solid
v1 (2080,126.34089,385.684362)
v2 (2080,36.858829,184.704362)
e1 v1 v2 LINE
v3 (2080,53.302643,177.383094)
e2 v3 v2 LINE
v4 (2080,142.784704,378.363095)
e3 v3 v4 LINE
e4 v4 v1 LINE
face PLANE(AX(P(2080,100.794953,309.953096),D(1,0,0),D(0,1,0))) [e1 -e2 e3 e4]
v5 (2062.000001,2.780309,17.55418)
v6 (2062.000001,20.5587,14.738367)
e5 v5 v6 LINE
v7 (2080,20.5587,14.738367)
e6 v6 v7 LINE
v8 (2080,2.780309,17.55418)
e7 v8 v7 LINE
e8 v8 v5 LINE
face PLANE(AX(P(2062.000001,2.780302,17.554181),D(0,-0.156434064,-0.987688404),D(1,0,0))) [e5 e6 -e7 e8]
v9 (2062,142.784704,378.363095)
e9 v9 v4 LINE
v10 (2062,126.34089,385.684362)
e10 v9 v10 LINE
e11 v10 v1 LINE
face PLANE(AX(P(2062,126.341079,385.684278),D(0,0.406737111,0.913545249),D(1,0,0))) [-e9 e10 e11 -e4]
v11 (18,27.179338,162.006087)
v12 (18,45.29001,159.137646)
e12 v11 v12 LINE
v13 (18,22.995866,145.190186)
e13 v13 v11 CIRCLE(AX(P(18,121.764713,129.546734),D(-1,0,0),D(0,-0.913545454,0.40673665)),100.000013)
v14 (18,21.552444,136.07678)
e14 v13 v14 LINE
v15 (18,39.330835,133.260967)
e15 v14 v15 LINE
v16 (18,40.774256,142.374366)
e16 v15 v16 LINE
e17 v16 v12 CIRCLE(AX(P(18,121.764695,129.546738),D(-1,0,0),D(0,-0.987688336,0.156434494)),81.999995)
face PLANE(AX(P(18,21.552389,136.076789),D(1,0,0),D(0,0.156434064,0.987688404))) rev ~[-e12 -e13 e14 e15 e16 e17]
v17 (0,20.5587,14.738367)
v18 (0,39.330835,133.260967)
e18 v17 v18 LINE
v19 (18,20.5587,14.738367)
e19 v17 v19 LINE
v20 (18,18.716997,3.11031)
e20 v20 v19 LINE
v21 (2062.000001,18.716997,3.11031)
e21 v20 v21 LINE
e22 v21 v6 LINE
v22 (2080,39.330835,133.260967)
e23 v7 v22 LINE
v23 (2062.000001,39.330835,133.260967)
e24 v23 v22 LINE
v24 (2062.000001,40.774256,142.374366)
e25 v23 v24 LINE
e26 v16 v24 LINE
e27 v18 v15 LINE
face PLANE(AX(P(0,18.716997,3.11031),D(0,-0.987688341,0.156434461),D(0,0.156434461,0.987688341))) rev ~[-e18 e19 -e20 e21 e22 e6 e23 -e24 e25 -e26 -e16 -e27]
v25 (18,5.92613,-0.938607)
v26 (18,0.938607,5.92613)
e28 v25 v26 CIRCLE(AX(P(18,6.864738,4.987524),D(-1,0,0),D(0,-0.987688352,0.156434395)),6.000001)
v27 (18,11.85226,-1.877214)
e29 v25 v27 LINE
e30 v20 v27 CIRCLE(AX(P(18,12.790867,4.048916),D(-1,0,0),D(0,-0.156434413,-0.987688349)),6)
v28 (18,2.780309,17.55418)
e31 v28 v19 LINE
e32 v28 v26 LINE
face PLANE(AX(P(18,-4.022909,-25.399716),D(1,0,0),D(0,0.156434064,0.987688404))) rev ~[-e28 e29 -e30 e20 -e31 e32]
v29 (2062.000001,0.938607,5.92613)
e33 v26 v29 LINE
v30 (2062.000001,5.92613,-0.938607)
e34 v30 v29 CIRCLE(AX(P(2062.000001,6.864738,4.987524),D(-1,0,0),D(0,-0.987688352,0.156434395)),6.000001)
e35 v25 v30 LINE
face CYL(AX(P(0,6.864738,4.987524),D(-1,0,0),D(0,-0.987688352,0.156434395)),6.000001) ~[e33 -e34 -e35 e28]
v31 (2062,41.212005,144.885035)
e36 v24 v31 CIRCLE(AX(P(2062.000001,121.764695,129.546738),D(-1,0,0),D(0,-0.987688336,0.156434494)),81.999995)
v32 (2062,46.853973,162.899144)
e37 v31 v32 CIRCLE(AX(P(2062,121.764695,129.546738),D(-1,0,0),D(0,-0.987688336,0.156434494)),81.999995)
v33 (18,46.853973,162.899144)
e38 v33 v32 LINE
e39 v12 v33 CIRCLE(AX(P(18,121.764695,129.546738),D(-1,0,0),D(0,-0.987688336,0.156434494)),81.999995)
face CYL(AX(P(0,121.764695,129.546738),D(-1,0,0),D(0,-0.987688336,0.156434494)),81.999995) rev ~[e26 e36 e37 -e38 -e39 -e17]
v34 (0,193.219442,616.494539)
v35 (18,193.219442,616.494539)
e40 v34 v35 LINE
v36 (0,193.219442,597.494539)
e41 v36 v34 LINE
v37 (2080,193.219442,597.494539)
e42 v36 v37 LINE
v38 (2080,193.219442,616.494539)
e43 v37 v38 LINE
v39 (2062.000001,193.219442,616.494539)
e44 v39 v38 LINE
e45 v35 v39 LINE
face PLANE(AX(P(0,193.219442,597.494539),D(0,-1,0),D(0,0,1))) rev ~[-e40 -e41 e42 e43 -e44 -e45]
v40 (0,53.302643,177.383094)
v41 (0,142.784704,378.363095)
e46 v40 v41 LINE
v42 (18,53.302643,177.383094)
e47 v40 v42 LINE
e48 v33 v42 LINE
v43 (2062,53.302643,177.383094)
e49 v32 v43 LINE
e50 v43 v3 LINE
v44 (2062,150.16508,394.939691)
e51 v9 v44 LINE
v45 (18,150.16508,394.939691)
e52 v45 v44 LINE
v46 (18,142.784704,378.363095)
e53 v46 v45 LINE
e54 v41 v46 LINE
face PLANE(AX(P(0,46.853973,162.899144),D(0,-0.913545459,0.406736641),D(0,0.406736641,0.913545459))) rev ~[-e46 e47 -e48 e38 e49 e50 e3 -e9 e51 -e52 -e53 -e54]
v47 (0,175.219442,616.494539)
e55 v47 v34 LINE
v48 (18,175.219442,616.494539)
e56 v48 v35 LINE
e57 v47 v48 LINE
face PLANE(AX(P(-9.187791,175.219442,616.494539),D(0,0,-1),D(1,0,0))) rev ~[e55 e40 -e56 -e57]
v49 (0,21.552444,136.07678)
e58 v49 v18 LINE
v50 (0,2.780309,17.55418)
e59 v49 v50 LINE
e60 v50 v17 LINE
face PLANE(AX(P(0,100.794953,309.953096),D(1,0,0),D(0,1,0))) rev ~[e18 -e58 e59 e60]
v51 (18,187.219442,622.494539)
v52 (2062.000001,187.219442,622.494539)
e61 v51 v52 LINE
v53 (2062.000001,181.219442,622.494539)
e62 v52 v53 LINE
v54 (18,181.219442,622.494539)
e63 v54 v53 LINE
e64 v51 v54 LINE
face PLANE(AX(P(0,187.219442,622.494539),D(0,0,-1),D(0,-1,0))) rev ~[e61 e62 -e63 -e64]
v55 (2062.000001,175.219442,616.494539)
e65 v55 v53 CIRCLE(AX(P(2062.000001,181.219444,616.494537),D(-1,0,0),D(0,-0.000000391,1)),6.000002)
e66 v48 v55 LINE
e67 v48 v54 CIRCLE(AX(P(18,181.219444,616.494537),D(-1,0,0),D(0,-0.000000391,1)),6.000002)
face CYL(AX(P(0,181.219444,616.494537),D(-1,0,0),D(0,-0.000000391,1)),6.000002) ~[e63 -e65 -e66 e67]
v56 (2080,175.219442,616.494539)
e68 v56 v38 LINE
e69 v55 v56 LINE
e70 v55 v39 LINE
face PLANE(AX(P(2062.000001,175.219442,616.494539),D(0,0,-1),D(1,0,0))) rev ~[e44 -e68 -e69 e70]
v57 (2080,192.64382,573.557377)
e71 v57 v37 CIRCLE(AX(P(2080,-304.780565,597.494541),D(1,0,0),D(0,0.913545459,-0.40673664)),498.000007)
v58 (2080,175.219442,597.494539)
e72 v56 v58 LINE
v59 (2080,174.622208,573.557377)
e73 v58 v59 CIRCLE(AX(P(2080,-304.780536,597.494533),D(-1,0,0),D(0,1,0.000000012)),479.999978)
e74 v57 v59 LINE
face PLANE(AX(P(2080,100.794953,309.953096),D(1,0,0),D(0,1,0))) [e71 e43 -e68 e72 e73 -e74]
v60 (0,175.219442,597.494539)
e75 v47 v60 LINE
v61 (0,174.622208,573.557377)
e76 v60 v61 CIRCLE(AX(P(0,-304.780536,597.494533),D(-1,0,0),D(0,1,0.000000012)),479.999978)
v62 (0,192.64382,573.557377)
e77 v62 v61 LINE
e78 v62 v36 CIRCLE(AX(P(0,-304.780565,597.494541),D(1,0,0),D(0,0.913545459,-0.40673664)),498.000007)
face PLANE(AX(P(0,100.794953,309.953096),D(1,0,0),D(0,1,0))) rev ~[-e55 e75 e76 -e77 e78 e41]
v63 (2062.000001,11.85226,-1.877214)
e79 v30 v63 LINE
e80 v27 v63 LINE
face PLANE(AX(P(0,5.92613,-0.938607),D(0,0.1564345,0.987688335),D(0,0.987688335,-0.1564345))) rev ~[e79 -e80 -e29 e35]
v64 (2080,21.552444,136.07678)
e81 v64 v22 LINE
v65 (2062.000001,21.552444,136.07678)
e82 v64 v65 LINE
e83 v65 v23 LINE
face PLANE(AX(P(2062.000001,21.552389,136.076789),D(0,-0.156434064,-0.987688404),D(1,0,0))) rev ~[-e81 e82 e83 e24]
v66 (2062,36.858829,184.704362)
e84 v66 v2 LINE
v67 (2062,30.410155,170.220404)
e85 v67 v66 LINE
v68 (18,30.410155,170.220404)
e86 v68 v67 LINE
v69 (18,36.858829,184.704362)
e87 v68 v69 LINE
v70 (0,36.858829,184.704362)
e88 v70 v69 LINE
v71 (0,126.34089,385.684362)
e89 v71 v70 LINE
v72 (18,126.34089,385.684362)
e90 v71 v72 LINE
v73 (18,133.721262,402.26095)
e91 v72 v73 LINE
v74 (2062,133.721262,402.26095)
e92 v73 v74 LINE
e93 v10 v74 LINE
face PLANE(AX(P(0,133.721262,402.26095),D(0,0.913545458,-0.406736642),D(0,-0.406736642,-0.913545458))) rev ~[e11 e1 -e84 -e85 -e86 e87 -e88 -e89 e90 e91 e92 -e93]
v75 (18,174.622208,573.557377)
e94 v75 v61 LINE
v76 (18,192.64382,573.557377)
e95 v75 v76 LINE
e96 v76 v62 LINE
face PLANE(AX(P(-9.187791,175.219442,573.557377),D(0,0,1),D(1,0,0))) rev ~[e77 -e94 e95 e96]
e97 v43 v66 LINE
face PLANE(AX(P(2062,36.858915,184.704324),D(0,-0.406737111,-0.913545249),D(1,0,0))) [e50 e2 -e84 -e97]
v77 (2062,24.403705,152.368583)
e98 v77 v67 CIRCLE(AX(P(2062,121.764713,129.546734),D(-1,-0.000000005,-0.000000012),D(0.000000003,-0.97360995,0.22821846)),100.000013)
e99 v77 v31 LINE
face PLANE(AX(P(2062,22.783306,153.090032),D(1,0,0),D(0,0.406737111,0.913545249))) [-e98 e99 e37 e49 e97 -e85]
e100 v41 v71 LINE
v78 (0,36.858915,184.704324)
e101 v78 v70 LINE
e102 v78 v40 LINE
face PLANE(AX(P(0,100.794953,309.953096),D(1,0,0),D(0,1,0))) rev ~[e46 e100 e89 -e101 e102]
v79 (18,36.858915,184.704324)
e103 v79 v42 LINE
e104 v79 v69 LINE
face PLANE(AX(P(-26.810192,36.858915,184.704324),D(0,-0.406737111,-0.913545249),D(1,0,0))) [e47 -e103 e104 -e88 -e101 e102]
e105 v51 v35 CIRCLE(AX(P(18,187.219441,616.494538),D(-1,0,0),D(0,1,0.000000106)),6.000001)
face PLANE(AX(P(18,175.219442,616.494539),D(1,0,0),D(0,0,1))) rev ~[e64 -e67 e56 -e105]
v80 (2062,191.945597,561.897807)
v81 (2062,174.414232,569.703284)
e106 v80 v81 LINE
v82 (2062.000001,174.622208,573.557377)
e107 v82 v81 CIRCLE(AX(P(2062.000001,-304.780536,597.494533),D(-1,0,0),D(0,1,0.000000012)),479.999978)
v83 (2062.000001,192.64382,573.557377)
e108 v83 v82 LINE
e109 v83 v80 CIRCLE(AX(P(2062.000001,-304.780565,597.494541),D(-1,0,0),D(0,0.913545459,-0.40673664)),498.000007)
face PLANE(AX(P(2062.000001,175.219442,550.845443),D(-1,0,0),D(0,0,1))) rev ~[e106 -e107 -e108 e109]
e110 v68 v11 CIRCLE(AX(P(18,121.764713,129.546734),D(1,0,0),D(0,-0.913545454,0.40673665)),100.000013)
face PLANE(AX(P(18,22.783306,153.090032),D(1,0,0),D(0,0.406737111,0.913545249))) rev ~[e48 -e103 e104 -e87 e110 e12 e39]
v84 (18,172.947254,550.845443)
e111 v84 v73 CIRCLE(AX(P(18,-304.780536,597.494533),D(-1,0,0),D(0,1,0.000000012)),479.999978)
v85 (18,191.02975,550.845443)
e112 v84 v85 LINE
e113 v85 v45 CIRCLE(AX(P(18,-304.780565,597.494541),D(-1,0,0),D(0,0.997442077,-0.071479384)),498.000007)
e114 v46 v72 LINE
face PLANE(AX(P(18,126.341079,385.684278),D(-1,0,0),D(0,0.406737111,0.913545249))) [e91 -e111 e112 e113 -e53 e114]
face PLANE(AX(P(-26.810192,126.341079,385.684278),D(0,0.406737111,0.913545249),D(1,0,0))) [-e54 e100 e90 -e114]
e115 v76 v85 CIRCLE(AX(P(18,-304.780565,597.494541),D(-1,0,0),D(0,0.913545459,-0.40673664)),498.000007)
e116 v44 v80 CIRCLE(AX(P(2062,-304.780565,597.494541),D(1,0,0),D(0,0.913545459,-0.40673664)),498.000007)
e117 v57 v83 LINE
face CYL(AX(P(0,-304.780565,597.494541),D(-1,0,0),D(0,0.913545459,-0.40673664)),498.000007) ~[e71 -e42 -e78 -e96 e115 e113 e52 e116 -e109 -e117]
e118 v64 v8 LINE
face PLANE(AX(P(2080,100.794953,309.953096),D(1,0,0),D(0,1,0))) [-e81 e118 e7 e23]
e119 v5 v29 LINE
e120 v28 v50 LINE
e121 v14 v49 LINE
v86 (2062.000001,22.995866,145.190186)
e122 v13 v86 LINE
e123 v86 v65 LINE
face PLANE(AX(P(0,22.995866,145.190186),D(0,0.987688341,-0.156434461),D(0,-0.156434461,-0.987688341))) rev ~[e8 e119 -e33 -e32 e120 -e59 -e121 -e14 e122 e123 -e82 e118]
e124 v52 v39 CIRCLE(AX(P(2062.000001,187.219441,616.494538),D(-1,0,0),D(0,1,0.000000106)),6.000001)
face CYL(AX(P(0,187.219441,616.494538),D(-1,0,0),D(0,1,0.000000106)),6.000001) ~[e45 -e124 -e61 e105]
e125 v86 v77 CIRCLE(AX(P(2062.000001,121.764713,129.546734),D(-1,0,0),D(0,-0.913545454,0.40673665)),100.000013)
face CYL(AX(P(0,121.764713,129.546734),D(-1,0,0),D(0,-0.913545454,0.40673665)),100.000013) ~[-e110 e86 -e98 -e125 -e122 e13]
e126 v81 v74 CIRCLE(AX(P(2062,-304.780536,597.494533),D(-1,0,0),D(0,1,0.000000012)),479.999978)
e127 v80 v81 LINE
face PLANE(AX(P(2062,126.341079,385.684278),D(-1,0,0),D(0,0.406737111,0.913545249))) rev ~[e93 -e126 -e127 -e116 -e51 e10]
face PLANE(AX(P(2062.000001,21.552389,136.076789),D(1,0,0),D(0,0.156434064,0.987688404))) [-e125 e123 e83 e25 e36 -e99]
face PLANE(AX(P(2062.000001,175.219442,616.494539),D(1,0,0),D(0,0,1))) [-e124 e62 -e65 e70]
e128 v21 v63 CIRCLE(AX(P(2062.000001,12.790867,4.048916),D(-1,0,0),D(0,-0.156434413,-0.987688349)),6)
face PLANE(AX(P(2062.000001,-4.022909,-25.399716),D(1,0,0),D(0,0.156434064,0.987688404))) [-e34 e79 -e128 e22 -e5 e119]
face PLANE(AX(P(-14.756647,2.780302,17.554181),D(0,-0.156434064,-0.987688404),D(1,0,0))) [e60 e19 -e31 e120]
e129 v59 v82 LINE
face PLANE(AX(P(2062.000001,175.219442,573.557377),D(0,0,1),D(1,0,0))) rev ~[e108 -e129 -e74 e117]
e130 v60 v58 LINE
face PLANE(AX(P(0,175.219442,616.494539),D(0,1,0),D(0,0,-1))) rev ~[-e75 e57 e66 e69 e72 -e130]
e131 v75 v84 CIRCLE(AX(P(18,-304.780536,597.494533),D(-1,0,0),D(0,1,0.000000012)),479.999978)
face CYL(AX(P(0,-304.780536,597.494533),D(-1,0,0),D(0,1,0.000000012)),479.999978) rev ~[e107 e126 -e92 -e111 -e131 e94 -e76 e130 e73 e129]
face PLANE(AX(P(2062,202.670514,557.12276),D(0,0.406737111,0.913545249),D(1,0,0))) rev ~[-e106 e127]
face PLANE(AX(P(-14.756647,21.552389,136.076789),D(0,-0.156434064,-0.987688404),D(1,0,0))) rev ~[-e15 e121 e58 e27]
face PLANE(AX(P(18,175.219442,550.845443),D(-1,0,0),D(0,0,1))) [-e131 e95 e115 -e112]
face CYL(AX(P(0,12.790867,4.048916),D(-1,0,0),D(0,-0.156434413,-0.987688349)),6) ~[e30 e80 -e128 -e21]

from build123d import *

# Parameters (mm, degrees)
F1_DEPTH      = 2080
F2_W          = 32.756647
F2_H          = 43.48932
F2_H_2        = 26.490313
F3_DEPTH      = 25
F4_W          = 44.810192
F4_H          = 34.606159
F4_H_2        = 187.662824
F5_DEPTH      = 88.72009
F5_DEPTH_BACK = 90.01171
F6_W          = 27.187791
F6_H          = 22.711933
F6_H_2        = 20.19423
F7_DEPTH      = 25
F8_DEPTH      = 29.81951


with BuildPart() as f1:
    # F0 (on Right) → F1 (new body)
    with BuildSketch(Plane.YZ):
        with BuildLine():
            Line((22.995866, 145.190186), (0.938607, 5.92613))
            ThreePointArc((0.938607, 5.92613), (2.010635, 1.460812), (5.92613, -0.938607))
            Line((5.92613, -0.938607), (11.85226, -1.877214))
            ThreePointArc((11.85226, -1.877214), (16.317578, -0.805186), (18.716997, 3.11031))
            Line((18.716997, 3.11031), (40.774256, 142.374366))
            ThreePointArc((40.774256, 142.374366), (43.141482, 152.835998), (46.853973, 162.899144))
            Line((46.853973, 162.899144), (150.16508, 394.939691))
            ThreePointArc((150.16508, 394.939691), (182.336947, 493.954517), (193.219442, 597.494539))
            Line((193.219442, 597.494539), (193.219442, 616.494539))
            ThreePointArc((193.219442, 616.494539), (191.462083, 620.737179), (187.219442, 622.494539))
            Line((187.219442, 622.494539), (181.219442, 622.494539))
            ThreePointArc((181.219442, 622.494539), (176.976802, 620.737179), (175.219442, 616.494539))
            Line((175.219442, 616.494539), (175.219442, 597.494539))
            ThreePointArc((175.219442, 597.494539), (164.730291, 497.696927), (133.721262, 402.26095))
            Line((133.721262, 402.26095), (30.410155, 170.220404))
            ThreePointArc((30.410155, 170.220404), (25.882727, 157.948274), (22.995866, 145.190186))
        make_face()
    extrude(amount=F1_DEPTH)

    # F2 (on face) → F3 (cut)
    with BuildSketch(Plane(origin=(0, 0, 0), x_dir=(1, 0, 0), z_dir=(0, -0.987688, 0.156434))):
        with Locations((1.621677, -3.971665)):
            Rectangle(F2_W, F2_H)
        with Locations((1.621677, 151.018151)):
            Rectangle(F2_W, F2_H_2)
        with Locations((2078.378324, 151.018151)):
            Rectangle(F2_W, F2_H_2)
        with Locations((2078.378324, -3.971665)):
            Rectangle(F2_W, F2_H)
    extrude(amount=-F3_DEPTH, mode=Mode.SUBTRACT)

    # F4 (on face) → F5 (cut, two sides)
    with BuildSketch(Plane(origin=(0, -37.869946, 16.860786), x_dir=(1, 0, 0), z_dir=(0, -0.913545, 0.406737))) as f5_sk:
        with Locations((-4.405096, 166.424588)):
            Rectangle(F4_W, F4_H)
        with Locations((-4.405096, 497.559079)):
            Rectangle(F4_W, F4_H_2)
        with Locations((2084.405096, 497.559079)):
            Rectangle(F4_W, F4_H_2)
        with Locations((2084.405096, 166.424588)):
            Rectangle(F4_W, F4_H)
    extrude(amount=F5_DEPTH, mode=Mode.SUBTRACT)
    extrude(f5_sk.sketch, amount=-F5_DEPTH_BACK, mode=Mode.SUBTRACT)

    # F6 (on face) → F7 (cut)
    with BuildSketch(Plane.XZ.offset(-175.219442)):
        with Locations((4.406105, 562.20141)):
            Rectangle(F6_W, F6_H)
        with Locations((4.406105, 626.591654)):
            Rectangle(F6_W, F6_H_2)
        with Locations((2075.593896, 562.20141)):
            Rectangle(F6_W, F6_H)
        with Locations((2075.593896, 626.591654)):
            Rectangle(F6_W, F6_H_2)
    extrude(amount=-F7_DEPTH, mode=Mode.SUBTRACT)

    # F6 (on face) → F8 (cut)
    with BuildSketch(Plane.XZ.offset(-175.219442)):
        with Locations((4.406105, 562.20141)):
            Rectangle(F6_W, F6_H)
        with Locations((4.406105, 626.591654)):
            Rectangle(F6_W, F6_H_2)
        with Locations((2075.593896, 562.20141)):
            Rectangle(F6_W, F6_H)
        with Locations((2075.593896, 626.591654)):
            Rectangle(F6_W, F6_H_2)
    extrude(amount=F8_DEPTH, mode=Mode.SUBTRACT)


solid = f1.part
